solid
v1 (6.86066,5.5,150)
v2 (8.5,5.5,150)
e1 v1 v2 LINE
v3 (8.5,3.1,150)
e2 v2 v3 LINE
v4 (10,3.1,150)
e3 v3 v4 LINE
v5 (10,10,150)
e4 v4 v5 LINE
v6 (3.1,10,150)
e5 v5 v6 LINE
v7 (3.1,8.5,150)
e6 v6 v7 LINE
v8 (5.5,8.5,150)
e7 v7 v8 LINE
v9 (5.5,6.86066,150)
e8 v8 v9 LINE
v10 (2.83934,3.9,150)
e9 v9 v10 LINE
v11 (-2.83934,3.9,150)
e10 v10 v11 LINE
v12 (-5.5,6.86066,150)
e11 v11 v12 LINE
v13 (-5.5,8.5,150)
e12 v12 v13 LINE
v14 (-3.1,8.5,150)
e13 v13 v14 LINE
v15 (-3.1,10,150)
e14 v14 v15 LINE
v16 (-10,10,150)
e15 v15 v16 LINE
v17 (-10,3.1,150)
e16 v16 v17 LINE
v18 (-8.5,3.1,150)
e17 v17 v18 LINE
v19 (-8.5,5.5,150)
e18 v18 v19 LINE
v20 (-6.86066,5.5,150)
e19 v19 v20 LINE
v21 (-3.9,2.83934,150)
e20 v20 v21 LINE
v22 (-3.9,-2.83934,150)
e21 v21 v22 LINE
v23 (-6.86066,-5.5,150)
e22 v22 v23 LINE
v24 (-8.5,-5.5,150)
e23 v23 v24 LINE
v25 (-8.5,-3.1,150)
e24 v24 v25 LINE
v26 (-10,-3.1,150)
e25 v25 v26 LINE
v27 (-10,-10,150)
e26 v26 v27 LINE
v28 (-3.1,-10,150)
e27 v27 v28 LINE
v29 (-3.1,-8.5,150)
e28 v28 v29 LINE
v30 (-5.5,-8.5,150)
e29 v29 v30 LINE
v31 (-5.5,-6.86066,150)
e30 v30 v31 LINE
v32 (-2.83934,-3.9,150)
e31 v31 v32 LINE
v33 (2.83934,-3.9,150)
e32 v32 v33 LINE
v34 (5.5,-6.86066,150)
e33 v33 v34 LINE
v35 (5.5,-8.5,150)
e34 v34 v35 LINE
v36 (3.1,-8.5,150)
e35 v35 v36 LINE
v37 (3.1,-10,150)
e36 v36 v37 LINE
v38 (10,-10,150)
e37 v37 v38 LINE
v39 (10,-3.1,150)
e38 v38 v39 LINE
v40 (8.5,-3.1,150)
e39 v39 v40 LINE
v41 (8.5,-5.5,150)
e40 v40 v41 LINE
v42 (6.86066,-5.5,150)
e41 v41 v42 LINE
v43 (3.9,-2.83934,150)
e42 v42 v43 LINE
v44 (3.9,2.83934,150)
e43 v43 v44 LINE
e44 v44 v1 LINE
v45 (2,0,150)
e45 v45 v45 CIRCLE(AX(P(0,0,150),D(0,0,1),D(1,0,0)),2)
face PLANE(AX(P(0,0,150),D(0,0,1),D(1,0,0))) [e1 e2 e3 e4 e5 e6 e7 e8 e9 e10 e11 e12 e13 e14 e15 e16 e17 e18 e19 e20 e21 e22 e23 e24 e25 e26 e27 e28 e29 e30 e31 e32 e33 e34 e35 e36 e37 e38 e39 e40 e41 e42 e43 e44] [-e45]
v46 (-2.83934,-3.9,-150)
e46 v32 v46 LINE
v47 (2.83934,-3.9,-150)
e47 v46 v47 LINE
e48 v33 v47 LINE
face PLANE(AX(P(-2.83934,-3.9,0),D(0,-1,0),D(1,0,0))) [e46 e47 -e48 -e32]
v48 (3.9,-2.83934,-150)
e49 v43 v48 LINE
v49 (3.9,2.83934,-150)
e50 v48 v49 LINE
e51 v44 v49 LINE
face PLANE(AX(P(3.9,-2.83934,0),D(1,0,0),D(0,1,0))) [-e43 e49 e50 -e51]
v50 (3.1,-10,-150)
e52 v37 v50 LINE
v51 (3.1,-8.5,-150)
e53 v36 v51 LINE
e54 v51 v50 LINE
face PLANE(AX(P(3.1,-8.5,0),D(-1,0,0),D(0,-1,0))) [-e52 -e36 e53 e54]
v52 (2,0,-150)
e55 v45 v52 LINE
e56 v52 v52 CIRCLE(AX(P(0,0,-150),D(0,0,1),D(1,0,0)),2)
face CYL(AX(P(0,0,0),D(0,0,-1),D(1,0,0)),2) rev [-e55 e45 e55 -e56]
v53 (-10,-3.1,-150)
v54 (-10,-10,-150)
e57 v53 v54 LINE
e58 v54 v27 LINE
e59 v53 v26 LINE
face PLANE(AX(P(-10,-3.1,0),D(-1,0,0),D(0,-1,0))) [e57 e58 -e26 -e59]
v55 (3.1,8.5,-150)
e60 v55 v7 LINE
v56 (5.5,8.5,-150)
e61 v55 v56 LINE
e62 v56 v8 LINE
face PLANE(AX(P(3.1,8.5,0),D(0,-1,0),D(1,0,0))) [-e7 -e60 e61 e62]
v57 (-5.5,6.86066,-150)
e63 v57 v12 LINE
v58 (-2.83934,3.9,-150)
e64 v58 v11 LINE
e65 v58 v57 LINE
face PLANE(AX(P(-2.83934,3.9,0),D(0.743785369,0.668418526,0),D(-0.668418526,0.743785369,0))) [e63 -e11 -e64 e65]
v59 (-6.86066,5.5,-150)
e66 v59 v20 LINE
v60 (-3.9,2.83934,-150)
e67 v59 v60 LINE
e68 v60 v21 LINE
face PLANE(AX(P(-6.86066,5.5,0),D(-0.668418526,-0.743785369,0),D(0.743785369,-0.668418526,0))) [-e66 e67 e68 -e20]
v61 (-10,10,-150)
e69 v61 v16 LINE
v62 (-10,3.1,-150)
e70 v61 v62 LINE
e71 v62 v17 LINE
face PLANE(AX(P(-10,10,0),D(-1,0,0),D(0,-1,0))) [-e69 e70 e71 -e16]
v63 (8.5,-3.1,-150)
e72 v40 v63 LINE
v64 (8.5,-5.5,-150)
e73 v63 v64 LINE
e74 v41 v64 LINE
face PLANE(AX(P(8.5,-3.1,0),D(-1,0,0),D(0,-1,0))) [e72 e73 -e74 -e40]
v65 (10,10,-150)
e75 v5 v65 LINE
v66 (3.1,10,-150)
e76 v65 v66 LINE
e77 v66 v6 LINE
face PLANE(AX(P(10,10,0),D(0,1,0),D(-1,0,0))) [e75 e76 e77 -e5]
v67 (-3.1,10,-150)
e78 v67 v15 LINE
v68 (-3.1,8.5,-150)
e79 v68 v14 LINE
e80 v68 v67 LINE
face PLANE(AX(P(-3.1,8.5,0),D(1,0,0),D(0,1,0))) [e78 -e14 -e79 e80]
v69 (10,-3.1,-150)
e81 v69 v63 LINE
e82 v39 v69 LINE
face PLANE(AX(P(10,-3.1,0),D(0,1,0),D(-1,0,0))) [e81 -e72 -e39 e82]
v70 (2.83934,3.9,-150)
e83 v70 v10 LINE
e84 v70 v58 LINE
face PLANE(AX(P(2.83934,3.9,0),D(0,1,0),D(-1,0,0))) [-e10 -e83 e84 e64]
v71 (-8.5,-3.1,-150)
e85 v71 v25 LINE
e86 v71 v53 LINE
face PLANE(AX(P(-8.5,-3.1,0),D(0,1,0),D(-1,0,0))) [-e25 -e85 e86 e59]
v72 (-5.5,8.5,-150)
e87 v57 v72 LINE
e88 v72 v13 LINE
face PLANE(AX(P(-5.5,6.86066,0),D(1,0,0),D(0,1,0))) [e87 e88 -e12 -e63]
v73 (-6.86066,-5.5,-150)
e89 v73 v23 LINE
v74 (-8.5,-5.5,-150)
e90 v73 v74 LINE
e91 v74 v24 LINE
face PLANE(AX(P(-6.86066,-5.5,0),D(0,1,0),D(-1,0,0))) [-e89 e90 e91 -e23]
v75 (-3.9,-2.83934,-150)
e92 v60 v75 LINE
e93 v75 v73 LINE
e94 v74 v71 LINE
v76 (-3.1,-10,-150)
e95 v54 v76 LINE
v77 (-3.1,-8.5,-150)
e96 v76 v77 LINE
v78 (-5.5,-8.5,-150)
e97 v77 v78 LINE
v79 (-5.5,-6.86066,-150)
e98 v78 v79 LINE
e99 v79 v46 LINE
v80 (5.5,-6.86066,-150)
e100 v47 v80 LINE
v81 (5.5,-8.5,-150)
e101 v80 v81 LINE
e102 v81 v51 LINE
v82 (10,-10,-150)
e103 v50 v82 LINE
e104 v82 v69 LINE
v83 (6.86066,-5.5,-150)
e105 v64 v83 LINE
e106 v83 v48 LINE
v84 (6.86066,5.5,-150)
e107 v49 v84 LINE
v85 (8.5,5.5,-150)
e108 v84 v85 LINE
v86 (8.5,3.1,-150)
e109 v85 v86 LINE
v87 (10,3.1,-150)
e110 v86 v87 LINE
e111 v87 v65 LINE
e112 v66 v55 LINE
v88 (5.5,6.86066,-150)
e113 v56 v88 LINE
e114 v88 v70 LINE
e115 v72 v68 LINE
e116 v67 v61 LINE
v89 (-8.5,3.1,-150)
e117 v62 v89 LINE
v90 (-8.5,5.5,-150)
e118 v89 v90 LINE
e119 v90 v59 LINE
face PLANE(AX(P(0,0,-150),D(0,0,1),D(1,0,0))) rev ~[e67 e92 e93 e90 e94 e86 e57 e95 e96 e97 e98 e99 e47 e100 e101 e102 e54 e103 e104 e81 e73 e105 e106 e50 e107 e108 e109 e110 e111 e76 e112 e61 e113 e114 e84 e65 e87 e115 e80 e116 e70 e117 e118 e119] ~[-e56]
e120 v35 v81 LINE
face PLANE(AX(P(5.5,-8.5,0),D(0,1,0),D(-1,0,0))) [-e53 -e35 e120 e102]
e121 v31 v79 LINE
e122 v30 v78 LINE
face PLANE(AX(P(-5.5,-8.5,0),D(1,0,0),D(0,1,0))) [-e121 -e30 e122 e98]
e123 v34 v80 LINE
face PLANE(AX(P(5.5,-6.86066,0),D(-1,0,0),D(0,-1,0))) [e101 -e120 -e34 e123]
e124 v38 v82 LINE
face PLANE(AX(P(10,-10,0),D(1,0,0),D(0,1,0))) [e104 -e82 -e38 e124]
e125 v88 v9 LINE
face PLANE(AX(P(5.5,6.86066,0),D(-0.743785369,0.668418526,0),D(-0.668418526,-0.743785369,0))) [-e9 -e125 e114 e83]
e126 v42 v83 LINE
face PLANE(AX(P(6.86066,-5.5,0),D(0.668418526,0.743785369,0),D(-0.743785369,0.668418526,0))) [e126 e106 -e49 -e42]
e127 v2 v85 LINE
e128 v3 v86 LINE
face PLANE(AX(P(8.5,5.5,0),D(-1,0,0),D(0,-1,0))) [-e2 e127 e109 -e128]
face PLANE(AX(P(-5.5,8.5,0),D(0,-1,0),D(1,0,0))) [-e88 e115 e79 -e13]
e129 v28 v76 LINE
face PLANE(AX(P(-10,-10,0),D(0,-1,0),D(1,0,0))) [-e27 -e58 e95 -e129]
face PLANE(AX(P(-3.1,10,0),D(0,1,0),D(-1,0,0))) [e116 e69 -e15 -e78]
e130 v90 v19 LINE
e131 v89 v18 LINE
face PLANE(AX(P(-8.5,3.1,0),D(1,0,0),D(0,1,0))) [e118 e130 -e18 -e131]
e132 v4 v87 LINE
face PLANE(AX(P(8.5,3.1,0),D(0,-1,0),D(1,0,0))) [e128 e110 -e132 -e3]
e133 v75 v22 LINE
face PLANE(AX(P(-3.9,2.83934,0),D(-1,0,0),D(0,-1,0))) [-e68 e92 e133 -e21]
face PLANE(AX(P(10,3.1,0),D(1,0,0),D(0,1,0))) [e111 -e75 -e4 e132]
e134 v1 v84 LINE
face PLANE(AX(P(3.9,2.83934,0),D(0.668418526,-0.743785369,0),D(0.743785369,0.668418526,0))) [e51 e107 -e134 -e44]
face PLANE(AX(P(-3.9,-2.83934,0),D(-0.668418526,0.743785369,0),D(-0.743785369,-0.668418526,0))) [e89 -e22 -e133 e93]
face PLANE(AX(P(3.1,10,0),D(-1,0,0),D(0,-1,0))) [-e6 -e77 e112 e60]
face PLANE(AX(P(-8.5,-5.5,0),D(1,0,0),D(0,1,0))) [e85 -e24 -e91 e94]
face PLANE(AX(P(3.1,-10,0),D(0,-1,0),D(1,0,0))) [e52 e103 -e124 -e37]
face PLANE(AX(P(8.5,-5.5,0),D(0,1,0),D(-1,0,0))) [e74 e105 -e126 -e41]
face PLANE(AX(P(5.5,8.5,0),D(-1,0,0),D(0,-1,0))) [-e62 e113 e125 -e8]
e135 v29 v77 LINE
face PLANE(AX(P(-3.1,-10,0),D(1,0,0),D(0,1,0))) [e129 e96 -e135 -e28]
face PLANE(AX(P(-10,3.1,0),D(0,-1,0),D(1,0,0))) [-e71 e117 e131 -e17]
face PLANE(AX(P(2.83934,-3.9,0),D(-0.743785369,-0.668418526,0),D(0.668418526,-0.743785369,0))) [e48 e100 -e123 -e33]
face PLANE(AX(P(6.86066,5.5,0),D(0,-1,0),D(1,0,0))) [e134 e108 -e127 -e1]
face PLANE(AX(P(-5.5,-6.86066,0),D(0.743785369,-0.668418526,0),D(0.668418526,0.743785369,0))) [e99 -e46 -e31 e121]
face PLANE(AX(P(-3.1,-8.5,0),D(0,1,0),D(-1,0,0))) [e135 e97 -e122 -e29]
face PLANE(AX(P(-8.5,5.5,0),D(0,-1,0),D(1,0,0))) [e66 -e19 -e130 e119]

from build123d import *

# Parameters (mm, degrees)
SKETCH1_R           = 2
BOSS_EXTRUDE1_DEPTH = 150


with BuildPart() as part:
    # Sketch1 → Boss-Extrude1 (new, symmetric)
    with BuildSketch(Plane.XY):
        Polygon((10, 4.610379336), (10, 10), (4.610379336, 10), (3.1, 10), (3.1, 8.5), (5.5, 8.5), (5.5, 6.860660172), (2.839339828, 3.9), (0.519615242, 3.9), (-0.519615242, 3.9), (-2.839339828, 3.9), (-5.5, 6.860660172), (-5.5, 8.5), (-3.1, 8.5), (-3.1, 10), (-4.610379336, 10), (-10, 10), (-10, 4.610379336), (-10, 3.1), (-8.5, 3.1), (-8.5, 5.5), (-6.860660172, 5.5), (-3.9, 2.839339828), (-3.9, 0.519615242), (-3.9, -0.519615242), (-3.9, -2.839339828), (-6.860660172, -5.5), (-8.5, -5.5), (-8.5, -3.1), (-10, -3.1), (-10, -4.610379336), (-10, -10), (-4.610379336, -10), (-3.1, -10), (-3.1, -8.5), (-5.5, -8.5), (-5.5, -6.860660172), (-2.839339828, -3.9), (-0.519615242, -3.9), (0.519615242, -3.9), (2.839339828, -3.9), (5.5, -6.860660172), (5.5, -8.5), (3.1, -8.5), (3.1, -10), (4.610379336, -10), (10, -10), (10, -4.610379336), (10, -3.1), (8.5, -3.1), (8.5, -5.5), (6.860660172, -5.5), (3.9, -2.839339828), (3.9, -0.519615242), (3.9, 0.519615242), (3.9, 2.839339828), (6.860660172, 5.5), (8.5, 5.5), (8.5, 3.1), (10, 3.1), align=None)
        Circle(SKETCH1_R, mode=Mode.SUBTRACT)
    extrude(amount=BOSS_EXTRUDE1_DEPTH, both=True)


solid = part.part
